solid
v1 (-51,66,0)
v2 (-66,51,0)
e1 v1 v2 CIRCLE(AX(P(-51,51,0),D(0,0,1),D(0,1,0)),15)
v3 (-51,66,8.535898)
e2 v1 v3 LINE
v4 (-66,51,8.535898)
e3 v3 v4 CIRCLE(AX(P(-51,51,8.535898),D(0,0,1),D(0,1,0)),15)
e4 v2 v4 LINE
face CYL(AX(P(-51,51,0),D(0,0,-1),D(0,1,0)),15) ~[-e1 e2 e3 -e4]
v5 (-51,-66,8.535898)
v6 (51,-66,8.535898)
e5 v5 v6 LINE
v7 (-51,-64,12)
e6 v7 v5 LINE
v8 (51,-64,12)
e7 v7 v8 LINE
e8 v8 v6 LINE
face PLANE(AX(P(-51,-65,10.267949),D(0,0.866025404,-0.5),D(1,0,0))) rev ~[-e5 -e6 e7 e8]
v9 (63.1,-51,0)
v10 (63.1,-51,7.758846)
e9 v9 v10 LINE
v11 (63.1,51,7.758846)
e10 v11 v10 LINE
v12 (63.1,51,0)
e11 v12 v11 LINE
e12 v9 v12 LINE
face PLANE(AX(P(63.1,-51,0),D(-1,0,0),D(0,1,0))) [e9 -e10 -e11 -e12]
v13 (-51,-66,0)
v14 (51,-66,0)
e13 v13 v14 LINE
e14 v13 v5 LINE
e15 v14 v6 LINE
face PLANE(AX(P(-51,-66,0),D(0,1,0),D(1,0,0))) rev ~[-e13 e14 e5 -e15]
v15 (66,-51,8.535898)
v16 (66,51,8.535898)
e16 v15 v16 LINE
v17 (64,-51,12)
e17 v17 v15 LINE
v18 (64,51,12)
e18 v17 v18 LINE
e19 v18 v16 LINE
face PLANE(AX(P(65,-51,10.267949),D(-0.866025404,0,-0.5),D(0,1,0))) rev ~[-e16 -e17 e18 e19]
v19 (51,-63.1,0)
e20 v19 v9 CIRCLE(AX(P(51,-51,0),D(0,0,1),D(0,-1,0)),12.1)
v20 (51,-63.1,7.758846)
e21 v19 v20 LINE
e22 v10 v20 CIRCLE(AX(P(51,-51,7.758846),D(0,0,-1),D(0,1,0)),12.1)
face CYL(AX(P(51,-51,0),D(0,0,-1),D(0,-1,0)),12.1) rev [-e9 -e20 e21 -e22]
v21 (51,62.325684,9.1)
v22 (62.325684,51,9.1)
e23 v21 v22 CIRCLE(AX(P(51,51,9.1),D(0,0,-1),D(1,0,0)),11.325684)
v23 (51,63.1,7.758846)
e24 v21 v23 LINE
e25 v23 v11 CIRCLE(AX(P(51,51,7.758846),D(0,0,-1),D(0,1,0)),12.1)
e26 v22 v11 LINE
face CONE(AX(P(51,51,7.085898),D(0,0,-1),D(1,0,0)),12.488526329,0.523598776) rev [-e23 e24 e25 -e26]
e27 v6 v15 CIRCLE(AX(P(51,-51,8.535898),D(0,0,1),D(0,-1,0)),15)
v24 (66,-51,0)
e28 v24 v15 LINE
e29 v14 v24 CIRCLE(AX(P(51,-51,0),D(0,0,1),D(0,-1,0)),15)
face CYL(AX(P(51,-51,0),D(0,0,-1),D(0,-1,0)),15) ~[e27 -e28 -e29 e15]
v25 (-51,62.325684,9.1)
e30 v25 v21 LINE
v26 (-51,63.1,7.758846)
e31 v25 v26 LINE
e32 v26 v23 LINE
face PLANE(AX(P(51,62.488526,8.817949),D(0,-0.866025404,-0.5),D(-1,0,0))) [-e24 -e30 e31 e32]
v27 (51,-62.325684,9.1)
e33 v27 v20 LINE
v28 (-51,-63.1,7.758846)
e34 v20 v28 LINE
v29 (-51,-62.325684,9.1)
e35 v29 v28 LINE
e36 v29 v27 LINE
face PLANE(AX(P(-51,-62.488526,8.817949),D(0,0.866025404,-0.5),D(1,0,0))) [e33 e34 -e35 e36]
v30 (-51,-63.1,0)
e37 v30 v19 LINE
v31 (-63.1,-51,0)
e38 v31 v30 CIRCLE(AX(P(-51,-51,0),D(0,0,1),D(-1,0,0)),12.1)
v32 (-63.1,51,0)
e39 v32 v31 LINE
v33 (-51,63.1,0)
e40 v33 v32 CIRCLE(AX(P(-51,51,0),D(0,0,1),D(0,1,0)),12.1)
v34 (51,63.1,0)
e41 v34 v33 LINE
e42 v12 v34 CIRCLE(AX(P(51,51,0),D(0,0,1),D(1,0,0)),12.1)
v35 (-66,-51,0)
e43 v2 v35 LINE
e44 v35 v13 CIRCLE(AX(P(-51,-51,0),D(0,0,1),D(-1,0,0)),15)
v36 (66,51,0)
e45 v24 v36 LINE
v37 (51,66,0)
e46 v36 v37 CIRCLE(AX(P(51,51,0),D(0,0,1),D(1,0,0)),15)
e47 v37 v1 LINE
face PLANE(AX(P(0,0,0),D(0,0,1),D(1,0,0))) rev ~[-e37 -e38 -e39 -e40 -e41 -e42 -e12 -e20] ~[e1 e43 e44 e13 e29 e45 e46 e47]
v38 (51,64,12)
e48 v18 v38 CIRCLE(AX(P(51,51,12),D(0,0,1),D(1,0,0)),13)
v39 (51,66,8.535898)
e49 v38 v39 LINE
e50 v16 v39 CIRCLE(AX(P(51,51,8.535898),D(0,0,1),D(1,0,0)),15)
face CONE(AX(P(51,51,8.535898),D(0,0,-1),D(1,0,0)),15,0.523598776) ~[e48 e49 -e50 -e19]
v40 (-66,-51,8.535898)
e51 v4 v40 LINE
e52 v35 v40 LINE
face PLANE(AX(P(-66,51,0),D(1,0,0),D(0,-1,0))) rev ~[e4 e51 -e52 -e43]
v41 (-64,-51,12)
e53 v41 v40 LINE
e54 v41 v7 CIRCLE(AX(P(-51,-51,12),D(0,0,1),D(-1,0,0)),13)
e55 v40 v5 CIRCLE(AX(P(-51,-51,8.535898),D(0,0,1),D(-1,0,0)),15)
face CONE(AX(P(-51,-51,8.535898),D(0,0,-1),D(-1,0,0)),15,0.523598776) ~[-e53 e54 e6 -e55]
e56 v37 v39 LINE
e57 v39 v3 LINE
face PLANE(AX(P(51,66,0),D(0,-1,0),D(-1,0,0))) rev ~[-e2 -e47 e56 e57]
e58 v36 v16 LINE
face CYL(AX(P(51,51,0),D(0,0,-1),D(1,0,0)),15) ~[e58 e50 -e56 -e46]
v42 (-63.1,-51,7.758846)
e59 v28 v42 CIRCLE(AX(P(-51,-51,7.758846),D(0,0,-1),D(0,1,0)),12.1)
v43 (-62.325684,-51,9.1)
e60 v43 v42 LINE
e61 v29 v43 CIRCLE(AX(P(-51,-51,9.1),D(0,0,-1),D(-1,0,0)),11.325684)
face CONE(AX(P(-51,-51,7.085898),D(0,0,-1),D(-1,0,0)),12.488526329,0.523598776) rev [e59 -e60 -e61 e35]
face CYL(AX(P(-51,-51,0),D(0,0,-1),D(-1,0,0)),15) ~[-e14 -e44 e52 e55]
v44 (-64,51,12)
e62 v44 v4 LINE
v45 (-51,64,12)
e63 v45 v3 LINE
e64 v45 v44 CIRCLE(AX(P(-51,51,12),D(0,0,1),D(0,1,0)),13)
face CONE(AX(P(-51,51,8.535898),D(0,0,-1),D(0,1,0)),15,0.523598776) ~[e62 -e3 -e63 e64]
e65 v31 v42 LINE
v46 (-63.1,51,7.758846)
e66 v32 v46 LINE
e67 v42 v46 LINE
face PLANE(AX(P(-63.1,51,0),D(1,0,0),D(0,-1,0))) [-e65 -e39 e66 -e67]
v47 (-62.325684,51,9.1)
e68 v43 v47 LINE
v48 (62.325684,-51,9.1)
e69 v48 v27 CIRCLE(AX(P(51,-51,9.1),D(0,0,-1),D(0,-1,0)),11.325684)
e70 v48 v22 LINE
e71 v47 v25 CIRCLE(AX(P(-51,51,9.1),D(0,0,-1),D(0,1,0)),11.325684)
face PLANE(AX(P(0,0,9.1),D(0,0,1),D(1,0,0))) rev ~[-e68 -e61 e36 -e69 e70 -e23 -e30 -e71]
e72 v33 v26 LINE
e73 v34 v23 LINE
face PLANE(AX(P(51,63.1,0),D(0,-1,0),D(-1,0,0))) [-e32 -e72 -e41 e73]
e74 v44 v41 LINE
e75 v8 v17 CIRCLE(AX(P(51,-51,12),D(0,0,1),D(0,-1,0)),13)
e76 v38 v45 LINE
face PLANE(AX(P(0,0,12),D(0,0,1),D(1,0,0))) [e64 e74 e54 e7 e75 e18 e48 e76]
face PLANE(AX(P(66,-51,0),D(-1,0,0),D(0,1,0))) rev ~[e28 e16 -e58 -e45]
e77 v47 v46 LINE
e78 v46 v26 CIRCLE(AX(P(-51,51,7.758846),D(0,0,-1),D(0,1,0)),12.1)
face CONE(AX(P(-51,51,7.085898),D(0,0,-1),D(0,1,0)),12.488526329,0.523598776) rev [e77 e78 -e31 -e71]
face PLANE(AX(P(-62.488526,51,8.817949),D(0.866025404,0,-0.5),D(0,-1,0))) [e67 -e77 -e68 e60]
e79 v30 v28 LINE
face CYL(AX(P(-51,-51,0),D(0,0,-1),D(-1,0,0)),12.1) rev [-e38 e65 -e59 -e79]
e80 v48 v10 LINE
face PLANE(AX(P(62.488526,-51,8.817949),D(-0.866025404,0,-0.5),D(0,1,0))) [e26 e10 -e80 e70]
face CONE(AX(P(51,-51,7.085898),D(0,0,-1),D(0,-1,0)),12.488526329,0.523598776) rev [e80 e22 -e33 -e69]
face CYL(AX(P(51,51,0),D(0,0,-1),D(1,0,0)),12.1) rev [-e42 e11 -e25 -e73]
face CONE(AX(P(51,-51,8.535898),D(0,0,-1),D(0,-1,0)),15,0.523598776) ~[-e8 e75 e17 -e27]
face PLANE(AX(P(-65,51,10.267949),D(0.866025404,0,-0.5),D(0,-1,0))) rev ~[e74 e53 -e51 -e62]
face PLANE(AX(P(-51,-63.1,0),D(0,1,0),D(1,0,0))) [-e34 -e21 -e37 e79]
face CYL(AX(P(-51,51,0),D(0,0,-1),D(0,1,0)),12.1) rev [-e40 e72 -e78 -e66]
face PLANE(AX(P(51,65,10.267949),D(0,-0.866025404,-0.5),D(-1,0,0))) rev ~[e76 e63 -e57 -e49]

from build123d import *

# Parameters (mm, degrees)
F1_DEPTH = 12
F2_SIZE2 = 3.4641016151
F2_SIZE  = 2
F3_T     = -2.9


with BuildPart() as f1:
    # F0 (on Top) → F1 (new body)
    with BuildSketch(Plane.XY):
        with BuildLine():
            ThreePointArc((-66, -51), (-61.6066017178, -61.6066017178), (-51, -66))
            Line((-51, -66), (51, -66))
            ThreePointArc((51, -66), (61.6066017178, -61.6066017178), (66, -51))
            Line((66, -51), (66, 51))
            ThreePointArc((66, 51), (61.6066017178, 61.6066017178), (51, 66))
            Line((51, 66), (-51, 66))
            ThreePointArc((-51, 66), (-61.6066017178, 61.6066017178), (-66, 51))
            Line((-66, 51), (-66, -51))
        make_face()
    extrude(amount=F1_DEPTH)

    # F2
    f2_edges = [f1.edges().sort_by_distance(p)[0] for p in [
        (0, -66, 12),
    ]]
    f2_side = f1.faces().sort_by_distance((0, 0, 12))[0]
    chamfer(f2_edges, length=F2_SIZE, length2=F2_SIZE2, reference=f2_side)

    # F3
    f3_openings = [f1.faces().sort_by_distance(p)[0] for p in [
        (0, 0, 0),
    ]]
    offset(amount=F3_T, openings=f3_openings)


solid = f1.part
